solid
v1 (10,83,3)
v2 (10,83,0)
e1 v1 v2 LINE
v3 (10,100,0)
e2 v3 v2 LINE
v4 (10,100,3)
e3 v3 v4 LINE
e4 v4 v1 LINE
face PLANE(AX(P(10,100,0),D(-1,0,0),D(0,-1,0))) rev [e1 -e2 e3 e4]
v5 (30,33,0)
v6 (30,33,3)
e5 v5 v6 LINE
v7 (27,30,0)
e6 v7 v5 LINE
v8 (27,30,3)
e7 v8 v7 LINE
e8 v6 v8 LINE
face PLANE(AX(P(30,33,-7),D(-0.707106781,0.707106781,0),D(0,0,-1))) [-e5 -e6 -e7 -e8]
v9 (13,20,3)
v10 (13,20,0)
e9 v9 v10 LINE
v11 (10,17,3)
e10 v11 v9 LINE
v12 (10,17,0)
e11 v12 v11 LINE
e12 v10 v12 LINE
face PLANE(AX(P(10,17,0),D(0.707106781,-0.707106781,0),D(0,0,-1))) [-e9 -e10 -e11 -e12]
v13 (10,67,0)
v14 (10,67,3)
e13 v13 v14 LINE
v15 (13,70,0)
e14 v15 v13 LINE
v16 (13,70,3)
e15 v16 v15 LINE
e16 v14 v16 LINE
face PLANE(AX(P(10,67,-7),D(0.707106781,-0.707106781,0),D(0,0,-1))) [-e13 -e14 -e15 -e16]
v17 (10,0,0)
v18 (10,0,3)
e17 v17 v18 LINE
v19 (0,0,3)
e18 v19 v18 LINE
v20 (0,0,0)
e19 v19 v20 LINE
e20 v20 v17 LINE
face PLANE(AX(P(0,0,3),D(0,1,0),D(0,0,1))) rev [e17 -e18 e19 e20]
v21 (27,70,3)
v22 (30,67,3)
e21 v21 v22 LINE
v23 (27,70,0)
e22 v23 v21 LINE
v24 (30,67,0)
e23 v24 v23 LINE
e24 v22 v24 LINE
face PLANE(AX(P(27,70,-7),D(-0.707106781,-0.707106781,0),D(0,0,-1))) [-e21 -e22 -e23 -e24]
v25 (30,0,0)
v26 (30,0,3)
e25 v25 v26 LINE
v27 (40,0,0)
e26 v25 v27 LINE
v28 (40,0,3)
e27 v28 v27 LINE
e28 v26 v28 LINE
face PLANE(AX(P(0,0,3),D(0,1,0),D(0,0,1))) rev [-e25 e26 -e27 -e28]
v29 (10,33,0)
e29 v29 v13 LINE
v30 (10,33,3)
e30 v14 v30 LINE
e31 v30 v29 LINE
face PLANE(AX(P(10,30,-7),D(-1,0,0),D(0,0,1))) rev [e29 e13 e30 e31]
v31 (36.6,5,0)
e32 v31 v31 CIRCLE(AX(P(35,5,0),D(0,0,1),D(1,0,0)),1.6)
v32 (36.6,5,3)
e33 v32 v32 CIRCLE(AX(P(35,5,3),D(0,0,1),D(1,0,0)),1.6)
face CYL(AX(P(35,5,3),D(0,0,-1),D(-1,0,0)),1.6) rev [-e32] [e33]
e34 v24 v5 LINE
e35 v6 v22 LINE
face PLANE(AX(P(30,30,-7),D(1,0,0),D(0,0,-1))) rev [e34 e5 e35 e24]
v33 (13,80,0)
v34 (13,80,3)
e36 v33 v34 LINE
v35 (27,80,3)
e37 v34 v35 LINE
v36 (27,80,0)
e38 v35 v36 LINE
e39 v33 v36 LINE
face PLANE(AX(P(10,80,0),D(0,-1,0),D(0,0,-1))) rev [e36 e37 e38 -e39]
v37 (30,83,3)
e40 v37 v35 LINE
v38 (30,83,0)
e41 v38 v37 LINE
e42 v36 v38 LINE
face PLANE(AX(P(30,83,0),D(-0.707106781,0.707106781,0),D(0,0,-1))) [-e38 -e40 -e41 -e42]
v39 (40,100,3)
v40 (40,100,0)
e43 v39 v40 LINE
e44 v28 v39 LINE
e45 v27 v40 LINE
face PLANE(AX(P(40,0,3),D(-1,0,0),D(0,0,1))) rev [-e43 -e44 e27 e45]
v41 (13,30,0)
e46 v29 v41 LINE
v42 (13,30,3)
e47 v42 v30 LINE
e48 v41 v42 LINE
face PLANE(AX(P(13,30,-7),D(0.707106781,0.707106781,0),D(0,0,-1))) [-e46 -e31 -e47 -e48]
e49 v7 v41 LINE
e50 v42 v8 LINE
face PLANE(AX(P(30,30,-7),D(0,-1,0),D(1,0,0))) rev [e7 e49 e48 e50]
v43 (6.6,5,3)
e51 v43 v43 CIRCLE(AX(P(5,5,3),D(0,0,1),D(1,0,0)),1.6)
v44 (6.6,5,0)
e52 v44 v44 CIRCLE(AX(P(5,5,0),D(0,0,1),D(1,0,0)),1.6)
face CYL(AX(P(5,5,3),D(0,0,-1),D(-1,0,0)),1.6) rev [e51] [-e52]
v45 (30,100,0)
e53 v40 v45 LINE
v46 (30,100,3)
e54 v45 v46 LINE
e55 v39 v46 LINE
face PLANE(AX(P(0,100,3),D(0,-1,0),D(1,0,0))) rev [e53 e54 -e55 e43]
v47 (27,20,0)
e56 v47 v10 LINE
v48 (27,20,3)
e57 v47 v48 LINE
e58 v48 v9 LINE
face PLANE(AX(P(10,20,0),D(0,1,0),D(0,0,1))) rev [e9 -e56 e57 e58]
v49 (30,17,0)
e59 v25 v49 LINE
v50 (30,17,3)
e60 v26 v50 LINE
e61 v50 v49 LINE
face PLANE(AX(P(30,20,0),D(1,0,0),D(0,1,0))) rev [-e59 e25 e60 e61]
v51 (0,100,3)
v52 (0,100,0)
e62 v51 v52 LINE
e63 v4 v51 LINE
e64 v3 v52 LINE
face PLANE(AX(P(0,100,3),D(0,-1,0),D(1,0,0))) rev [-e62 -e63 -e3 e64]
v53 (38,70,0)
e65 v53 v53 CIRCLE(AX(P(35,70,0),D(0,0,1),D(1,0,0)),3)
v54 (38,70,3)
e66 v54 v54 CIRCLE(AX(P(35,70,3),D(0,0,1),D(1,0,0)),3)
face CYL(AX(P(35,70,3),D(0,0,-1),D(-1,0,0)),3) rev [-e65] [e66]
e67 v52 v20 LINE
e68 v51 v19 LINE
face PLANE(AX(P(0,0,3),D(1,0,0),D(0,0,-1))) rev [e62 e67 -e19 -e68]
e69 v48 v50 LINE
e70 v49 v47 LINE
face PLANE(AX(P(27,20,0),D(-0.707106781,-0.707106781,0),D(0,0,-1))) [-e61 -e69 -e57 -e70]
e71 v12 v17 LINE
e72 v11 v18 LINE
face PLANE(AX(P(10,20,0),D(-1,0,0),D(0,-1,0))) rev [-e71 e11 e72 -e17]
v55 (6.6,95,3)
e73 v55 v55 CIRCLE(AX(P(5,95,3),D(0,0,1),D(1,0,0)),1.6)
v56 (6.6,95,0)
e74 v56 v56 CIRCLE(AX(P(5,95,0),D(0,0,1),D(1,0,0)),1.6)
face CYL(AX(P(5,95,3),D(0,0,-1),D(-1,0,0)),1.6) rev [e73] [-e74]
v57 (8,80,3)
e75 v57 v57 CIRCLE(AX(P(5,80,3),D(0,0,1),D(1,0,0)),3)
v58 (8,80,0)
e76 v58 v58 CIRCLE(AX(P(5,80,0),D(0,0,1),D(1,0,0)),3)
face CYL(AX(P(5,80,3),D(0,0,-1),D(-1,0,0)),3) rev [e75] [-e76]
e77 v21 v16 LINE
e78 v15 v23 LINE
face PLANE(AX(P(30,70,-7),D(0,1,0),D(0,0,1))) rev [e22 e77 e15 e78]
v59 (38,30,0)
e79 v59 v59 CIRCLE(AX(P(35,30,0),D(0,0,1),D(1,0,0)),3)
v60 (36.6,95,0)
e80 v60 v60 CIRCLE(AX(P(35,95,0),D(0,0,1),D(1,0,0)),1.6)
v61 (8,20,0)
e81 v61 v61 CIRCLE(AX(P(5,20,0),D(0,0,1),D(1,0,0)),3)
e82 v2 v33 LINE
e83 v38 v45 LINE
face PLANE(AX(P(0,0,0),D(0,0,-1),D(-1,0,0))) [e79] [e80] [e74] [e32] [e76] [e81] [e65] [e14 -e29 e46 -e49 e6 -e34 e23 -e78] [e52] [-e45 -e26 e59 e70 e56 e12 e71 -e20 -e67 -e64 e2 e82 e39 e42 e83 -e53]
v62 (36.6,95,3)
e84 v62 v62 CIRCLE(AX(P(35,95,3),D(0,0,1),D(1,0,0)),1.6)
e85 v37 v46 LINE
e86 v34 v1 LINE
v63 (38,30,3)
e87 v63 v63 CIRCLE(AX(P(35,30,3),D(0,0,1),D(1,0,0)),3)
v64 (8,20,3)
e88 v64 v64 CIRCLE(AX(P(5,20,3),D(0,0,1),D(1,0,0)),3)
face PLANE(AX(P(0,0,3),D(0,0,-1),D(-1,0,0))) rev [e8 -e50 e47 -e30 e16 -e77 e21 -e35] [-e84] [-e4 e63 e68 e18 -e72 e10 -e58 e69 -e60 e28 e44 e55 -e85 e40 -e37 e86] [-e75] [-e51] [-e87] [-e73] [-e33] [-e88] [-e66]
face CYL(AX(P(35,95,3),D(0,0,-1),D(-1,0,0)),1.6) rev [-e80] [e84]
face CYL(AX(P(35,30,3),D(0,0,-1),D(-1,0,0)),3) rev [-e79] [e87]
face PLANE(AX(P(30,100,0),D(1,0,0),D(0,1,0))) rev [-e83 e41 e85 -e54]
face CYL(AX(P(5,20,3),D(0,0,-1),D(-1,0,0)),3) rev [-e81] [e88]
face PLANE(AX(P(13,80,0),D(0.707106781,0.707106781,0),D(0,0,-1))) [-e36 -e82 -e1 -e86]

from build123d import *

# Parameters (mm, degrees)
SKETCH_1_W          = 40
SKETCH_1_H          = 100
SKETCH_1_R          = 1.6
SKETCH_1_R_2        = 3
EXTRUDE_1_DEPTH     = 3
SKETCH_2_W          = 20
SKETCH_2_H          = 20
CUT_EXTRUDE_1_DEPTH = 108.745069493
SKETCH_3_W          = 20
SKETCH_3_H          = 40
CUT_EXTRUDE_2_DEPTH = 10
CHAMFER_1_SIZE      = 3


with BuildPart() as part:
    # ｽｹｯﾁ1 → ﾎﾞｽ - 押し出し1 (new body)
    with BuildSketch(Plane.XY):
        with Locations((20, 50)):
            Rectangle(SKETCH_1_W, SKETCH_1_H)
        with Locations((5, 95)):
            Circle(SKETCH_1_R, mode=Mode.SUBTRACT)
        with Locations((35, 95)):
            Circle(SKETCH_1_R, mode=Mode.SUBTRACT)
        with Locations((5, 80)):
            Circle(SKETCH_1_R_2, mode=Mode.SUBTRACT)
        with Locations((35, 70)):
            Circle(SKETCH_1_R_2, mode=Mode.SUBTRACT)
        with Locations((5, 20)):
            Circle(SKETCH_1_R_2, mode=Mode.SUBTRACT)
        with Locations((35, 30)):
            Circle(SKETCH_1_R_2, mode=Mode.SUBTRACT)
        with Locations((5, 5)):
            Circle(SKETCH_1_R, mode=Mode.SUBTRACT)
        with Locations((35, 5)):
            Circle(SKETCH_1_R, mode=Mode.SUBTRACT)
    extrude(amount=EXTRUDE_1_DEPTH)

    # ｽｹｯﾁ2 → ｶｯﾄ - 押し出し1 (cut, through all)
    with BuildSketch(Plane.XY.offset(3)):
        with Locations((20, 90)):
            Rectangle(SKETCH_2_W, SKETCH_2_H)
        with Locations((20, 10)):
            Rectangle(SKETCH_2_W, SKETCH_2_H)
    extrude(amount=-CUT_EXTRUDE_1_DEPTH, mode=Mode.SUBTRACT)

    # ｽｹｯﾁ3 → ｶｯﾄ - 押し出し2 (cut)
    with BuildSketch(Plane.XY.offset(3)):
        with Locations((20, 50)):
            Rectangle(SKETCH_3_W, SKETCH_3_H)
    extrude(amount=-CUT_EXTRUDE_2_DEPTH, mode=Mode.SUBTRACT)

    # 面取り1
    chamfer_1_edges = [part.edges().sort_by_distance(p)[0] for p in [
        (10, 80, 1.5),
        (30, 80, 1.5),
        (10, 20, 1.5),
        (30, 20, 1.5),
        (30, 70, 1.5),
        (30, 30, 1.5),
        (10, 30, 1.5),
        (10, 70, 1.5),
    ]]
    chamfer(chamfer_1_edges, length=CHAMFER_1_SIZE)


solid = part.part
